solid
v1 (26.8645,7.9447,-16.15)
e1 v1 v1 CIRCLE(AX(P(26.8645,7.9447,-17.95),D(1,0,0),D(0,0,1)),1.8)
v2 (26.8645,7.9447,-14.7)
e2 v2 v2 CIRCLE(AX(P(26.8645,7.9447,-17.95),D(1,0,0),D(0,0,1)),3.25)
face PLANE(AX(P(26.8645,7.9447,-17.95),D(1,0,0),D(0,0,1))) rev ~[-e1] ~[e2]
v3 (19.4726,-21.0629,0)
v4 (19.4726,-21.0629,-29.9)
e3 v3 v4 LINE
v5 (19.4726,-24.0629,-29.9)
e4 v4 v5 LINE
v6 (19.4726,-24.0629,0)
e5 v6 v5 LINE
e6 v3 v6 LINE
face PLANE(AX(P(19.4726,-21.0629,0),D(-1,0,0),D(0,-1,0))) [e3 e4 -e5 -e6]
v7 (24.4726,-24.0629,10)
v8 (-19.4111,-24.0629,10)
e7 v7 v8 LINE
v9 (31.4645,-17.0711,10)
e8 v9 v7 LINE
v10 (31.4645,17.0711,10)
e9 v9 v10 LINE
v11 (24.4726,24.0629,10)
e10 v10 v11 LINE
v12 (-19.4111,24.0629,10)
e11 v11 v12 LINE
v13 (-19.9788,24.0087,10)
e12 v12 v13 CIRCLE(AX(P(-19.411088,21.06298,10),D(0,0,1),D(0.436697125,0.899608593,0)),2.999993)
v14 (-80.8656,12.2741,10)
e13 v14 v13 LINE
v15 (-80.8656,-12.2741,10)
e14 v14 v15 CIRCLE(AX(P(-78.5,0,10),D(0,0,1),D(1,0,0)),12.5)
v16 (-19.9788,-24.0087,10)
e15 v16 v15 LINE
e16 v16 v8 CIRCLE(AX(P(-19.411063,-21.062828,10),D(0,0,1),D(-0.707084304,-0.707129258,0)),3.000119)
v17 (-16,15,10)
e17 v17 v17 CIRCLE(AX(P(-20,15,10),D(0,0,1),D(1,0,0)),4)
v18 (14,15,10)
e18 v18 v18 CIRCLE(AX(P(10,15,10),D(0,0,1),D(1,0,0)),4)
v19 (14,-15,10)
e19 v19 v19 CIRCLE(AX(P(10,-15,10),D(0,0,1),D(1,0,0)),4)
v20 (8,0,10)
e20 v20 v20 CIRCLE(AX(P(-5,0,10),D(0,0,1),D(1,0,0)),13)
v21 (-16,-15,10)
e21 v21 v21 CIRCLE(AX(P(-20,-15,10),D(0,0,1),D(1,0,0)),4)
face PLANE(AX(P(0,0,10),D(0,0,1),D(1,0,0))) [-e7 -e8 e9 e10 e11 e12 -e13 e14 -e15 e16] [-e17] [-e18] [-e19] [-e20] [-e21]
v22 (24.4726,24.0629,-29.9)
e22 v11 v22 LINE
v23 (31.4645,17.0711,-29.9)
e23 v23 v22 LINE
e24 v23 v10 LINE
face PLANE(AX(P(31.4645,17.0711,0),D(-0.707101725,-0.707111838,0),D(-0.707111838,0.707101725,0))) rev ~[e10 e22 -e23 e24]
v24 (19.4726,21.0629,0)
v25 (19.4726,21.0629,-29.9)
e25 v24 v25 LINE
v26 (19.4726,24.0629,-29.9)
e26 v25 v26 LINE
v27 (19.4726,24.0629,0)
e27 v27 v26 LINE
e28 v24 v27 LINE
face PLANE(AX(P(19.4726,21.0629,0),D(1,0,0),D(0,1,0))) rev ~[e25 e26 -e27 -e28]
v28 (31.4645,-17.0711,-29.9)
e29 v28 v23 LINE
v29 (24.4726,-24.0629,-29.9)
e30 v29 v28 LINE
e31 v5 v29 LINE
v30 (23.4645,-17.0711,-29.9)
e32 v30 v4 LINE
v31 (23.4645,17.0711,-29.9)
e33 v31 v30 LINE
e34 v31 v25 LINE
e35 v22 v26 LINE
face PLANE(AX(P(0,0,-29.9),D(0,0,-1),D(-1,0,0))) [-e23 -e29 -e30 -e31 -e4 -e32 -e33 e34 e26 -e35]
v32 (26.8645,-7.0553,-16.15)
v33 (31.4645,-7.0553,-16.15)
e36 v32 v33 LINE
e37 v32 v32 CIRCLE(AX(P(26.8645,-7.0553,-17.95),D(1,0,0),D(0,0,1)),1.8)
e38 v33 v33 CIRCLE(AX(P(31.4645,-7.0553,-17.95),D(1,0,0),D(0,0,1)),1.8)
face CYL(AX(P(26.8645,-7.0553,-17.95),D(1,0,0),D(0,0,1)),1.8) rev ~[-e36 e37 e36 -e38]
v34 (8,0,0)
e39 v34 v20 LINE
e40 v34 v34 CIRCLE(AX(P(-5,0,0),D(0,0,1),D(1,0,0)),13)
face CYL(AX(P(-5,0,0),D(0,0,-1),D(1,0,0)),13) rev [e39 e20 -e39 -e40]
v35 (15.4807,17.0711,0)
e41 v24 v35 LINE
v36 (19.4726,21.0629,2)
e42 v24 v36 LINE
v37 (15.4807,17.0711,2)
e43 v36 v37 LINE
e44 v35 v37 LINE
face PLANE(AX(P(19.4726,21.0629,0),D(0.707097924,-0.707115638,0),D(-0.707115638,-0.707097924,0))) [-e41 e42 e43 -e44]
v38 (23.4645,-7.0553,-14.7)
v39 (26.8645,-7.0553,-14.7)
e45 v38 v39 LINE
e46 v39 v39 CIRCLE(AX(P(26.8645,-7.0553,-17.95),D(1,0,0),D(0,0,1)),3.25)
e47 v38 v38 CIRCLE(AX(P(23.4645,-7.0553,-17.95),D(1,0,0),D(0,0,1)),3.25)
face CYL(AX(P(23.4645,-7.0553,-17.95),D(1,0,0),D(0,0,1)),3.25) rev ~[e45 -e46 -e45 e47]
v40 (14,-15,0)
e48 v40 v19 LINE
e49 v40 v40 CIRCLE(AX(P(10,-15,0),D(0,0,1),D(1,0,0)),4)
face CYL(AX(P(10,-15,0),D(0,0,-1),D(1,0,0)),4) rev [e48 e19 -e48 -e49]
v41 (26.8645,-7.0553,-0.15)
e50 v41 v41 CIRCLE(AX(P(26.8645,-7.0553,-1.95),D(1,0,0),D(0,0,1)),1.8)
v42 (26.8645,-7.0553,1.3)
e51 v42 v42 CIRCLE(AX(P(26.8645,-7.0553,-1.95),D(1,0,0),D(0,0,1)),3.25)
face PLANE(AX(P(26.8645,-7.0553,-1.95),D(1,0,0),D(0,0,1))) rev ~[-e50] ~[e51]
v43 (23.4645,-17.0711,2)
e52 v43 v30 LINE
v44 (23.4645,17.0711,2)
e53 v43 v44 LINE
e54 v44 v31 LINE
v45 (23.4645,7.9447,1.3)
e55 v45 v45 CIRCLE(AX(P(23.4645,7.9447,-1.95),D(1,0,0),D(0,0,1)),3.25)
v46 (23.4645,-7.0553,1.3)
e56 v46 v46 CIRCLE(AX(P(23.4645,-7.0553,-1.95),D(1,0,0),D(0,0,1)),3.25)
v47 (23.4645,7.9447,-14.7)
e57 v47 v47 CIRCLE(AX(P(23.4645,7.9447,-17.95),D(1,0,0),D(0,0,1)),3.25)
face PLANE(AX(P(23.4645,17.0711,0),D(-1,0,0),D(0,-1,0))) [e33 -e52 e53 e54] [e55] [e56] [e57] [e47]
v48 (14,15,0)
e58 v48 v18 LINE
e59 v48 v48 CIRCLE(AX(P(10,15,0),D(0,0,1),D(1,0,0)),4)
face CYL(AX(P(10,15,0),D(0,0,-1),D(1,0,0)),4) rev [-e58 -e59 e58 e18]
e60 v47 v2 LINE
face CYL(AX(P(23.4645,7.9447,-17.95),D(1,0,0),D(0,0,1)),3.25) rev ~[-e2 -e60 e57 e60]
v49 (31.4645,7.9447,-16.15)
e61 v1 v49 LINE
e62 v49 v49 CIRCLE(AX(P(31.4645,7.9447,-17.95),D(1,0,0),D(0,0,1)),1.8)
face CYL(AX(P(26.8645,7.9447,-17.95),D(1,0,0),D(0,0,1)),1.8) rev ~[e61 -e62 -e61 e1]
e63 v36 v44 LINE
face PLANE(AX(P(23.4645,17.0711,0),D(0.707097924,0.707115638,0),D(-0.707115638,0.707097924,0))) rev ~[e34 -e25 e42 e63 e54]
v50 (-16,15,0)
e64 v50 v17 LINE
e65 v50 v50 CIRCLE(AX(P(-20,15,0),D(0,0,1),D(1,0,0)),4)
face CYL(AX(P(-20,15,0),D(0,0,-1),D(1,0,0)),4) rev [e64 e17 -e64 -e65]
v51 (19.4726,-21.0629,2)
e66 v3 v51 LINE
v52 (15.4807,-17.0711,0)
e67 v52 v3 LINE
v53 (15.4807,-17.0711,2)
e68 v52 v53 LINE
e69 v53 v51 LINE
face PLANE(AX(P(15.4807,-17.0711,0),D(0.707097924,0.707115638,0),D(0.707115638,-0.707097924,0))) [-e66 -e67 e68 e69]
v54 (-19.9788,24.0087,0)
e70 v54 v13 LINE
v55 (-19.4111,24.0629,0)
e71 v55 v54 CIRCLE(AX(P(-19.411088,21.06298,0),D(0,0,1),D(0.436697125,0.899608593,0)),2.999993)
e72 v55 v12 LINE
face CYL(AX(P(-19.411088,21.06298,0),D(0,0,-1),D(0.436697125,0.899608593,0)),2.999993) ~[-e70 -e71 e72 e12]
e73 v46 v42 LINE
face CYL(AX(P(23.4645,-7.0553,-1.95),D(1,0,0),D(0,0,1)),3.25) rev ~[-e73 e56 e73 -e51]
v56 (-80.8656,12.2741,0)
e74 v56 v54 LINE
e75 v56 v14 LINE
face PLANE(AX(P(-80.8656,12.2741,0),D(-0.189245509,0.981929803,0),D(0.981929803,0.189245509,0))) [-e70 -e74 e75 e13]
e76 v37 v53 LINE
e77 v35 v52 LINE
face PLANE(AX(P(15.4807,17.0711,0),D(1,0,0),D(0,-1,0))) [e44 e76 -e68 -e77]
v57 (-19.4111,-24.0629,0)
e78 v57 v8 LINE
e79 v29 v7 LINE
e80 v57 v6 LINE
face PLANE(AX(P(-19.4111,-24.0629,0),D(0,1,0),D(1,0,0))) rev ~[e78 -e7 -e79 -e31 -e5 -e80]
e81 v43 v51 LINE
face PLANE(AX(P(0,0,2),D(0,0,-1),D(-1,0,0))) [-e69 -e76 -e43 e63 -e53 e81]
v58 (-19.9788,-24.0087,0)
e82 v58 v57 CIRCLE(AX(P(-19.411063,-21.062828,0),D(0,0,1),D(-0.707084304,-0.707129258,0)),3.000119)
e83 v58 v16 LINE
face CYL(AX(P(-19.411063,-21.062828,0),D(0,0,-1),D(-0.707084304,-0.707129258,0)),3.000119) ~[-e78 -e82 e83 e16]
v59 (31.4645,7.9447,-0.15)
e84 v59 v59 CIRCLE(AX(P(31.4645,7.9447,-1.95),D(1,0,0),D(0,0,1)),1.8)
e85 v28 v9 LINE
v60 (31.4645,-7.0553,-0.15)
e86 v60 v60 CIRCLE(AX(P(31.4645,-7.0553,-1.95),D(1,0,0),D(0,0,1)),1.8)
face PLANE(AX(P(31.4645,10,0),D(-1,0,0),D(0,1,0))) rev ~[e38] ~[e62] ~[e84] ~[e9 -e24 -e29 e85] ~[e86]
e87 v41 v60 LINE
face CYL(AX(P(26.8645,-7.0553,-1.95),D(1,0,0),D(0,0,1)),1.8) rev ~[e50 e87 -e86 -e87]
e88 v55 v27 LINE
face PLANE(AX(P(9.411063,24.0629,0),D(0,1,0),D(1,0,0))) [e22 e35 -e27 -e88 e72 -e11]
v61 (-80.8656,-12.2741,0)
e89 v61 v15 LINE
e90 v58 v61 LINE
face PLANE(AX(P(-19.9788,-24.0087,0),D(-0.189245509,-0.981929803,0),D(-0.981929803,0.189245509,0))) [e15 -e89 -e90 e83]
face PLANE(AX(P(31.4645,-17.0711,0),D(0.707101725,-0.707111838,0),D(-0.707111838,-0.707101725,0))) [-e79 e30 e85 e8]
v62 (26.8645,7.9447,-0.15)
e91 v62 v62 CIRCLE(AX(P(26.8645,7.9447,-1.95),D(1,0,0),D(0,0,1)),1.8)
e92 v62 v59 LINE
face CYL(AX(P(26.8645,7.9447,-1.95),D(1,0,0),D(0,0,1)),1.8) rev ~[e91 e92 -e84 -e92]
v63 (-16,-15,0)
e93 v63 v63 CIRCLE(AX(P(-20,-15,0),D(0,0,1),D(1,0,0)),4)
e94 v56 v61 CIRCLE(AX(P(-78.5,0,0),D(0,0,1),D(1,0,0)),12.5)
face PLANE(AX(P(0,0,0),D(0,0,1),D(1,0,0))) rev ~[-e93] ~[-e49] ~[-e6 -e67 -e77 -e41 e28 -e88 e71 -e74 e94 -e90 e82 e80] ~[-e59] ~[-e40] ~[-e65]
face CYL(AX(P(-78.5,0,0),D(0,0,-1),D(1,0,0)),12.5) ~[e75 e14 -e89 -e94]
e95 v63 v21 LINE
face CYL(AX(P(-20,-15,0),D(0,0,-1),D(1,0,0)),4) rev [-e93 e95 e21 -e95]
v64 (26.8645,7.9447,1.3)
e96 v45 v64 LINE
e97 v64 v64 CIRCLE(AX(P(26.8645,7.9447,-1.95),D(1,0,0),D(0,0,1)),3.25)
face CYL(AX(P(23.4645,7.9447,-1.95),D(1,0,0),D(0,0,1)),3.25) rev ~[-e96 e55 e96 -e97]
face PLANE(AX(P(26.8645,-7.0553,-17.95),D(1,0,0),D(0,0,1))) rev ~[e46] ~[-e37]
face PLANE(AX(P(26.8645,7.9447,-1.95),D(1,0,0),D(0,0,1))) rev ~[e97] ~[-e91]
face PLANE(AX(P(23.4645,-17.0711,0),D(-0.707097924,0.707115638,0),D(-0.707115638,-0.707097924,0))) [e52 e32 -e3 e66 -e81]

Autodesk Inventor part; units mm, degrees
ref_plane "YZ Plane" through (0, 0, 0) normal (1, 0, 0) x (0, 1, 0)
ref_plane "XZ Plane" through (0, 0, 0) normal (0, 1, 0) x (-1, 0, 0)
ref_plane "XY Plane" through (0, 0, 0) normal (0, 0, 1) x (1, 0, 0)
sketch "Sketch1" plane through (0, 0, 0) normal (0, 0, 1) x (1, 0, 0)
  arc A0 (18.1843, -16.5324) -> (18.7618, -13.101) centre (16.0629, -14.4111) ccw projected
  arc A1 (18.7618, 13.101) -> (18.7618, -13.101) centre (45.75, 0) ccw projected
  arc A2 (18.7618, 13.101) -> (18.1843, 16.5324) centre (16.0629, 14.4111) ccw projected
  line L0 (11.5324, 23.1843) -> (18.1843, 16.5324) projected
  arc A3 (11.5324, 23.1843) -> (8.101, 23.7618) centre (9.4111, 21.0629) ccw projected
  arc A4 (-18.101, 23.7618) -> (8.101, 23.7618) centre (-5, 50.75) ccw projected
  arc A5 (-18.101, 23.7618) -> (-21.5324, 23.1843) centre (-19.4111, 21.0629) ccw projected
  line L1 (-28.1843, 16.5324) -> (-21.5324, 23.1843) projected
  arc A6 (-28.1843, 16.5324) -> (-28.7618, 13.101) centre (-26.0629, 14.4111) ccw projected
  arc A7 (-28.7618, -13.101) -> (-28.7618, 13.101) centre (-55.75, 0) ccw projected
  arc A8 (-28.7618, -13.101) -> (-28.1843, -16.5324) centre (-26.0629, -14.4111) ccw projected
  line L2 (-21.5324, -23.1843) -> (-28.1843, -16.5324) projected
  arc A9 (-21.5324, -23.1843) -> (-18.101, -23.7618) centre (-19.4111, -21.0629) ccw projected
  arc A10 (8.101, -23.7618) -> (-18.101, -23.7618) centre (-5, -50.75) ccw projected
  arc A11 (8.101, -23.7618) -> (11.5324, -23.1843) centre (9.4111, -21.0629) ccw projected
  line L3 (18.1843, -16.5324) -> (11.5324, -23.1843) projected
  circle A12 centre (10, -15) radius 4 projected
  circle A13 centre (-20, -15) radius 4 projected
  circle A14 centre (-20, 15) radius 4 projected
  circle A15 centre (10, 15) radius 4 projected
  circle A16 centre (-5, 0) radius 13 projected
  line L4 (39.4645, -4.5) -> (34.9645, -4.5) projected
  line L5 (34.9645, -4.5) -> (34.9645, 4.5) projected
  line L6 (34.9645, 4.5) -> (39.4645, 4.5) projected
  line L7 (39.4645, 4.5) -> (39.4645, 10) projected
  line L8 (39.4645, 10) -> (31.4645, 10) projected
  line L9 (31.4645, 10) -> (31.4645, -10) projected
  line L10 (31.4645, -10) -> (39.4645, -10) projected
  line L11 (39.4645, -10) -> (39.4645, -4.5) projected
  line L12 (31.4645, -10) -> (31.4645, -17.0711)
  line L13 (31.4645, -17.0711) -> (24.4726, -24.0629)
  line L14 (31.4645, 10) -> (31.4645, 17.0711)
  line L15 (-19.4111, -24.0629) -> (24.4726, -24.0629)
  line L16 (-19.4111, 24.0629) -> (24.4726, 24.0629)
  line L17 (31.4645, 17.0711) -> (24.4726, 24.0629)
  circle A17 centre (-78.5, 0) radius 12.5
  line L18 (-19.9788, -24.0087) -> (-80.8656, -12.2741)
  line L19 (-80.8656, 12.2741) -> (-19.9788, 24.0087)
  point P0 (0, 0)
  dimension "d0" = 45
  dimension "d1" = 5
  dimension "d4" = 78.5
  dimension "d5" = 25
extrude "Extrusion1" add sketch "Sketch1" along normal blind 10 contours L3 A11 A10 A9 L2 A8 A7 A6 L1 A5 A4 A3 L0 A2 A1 A0 | A0 A1 A2 L0 A3 L16 L17 L14 L9 L12 L13 L15 A11 L3 | L15 A9 A10 A11 | L18 A17 L19 A5 L1 A6 A7 A8 L2 A9 | A3 A4 A5 L16 | A17
sketch "Sketch2" plane through (0, 0, 0) normal (0, 0, -1) x (-1, 0, 0)
  line L0 (-24.4726, -24.0629) -> (-31.4645, -17.0711) projected
  line L1 (19.4111, -24.0629) -> (-24.4726, -24.0629) projected
  arc A0 (19.4111, -24.0629) -> (19.9788, -24.0087) centre (19.4111, -21.0629) ccw projected
  line L2 (80.8656, -12.2741) -> (19.9788, -24.0087) projected
  arc A1 (80.8656, -12.2741) -> (80.8656, 12.2741) centre (78.5, 0) ccw projected
  line L3 (19.9788, 24.0087) -> (80.8656, 12.2741) projected
  arc A2 (19.9788, 24.0087) -> (19.4111, 24.0629) centre (19.4111, 21.0629) ccw projected
  line L4 (-24.4726, 24.0629) -> (19.4111, 24.0629) projected
  line L5 (-31.4645, 17.0711) -> (-24.4726, 24.0629) projected
  line L6 (-31.4645, -17.0711) -> (-31.4645, 17.0711) projected
  circle A3 centre (-10, -15) radius 4 projected
  circle A4 centre (20, -15) radius 4 projected
  circle A5 centre (20, 15) radius 4 projected
  circle A6 centre (-10, 15) radius 4 projected
  circle A7 centre (5, 0) radius 13 projected
  line L7 (-31.4645, 17.0711) -> (-23.4645, 17.0711)
  line L8 (-23.4645, 17.0711) -> (-23.4645, -17.0711)
  line L9 (-24.4726, -24.0629) -> (-31.4645, -17.0711) projected
  line L10 (-23.4645, -17.0711) -> (-31.4645, -17.0711)
  line L11 (-23.4645, 17.0711) -> (-19.4726, 21.0629)
  line L12 (-19.4726, 21.0629) -> (-19.4726, 24.0629)
  line L13 (-23.4645, -17.0711) -> (-19.4726, -21.0629)
  line L14 (-19.4726, -21.0629) -> (-19.4726, -24.0629)
  line L15 (19.4111, -24.0629) -> (-24.4726, -24.0629) projected
  point P0 (0, 0)
  dimension "d6" = 8
  dimension "d9" = 3
extrude "Extrusion2" add sketch "Sketch2" along normal blind 29.9 contours L0 L10 L13 L14 L1 | L6 L7 L8 L10 | L5 L4 L12 L11 L7
sketch "Sketch3" plane through (23.4645, -17.0711, 0) normal (-1, 0, 0) x (0, 0, 1)
  line L0 (0, 34.1421) -> (0, 0) projected
  line L1 (0, 34.1421) -> (-29.9, 34.1421) projected
  line L2 (-29.9, 0) -> (-29.9, 34.1421) projected
  line L3 (0, 0) -> (-29.9, 0) projected
  point P0 (0, 17.0711)
  point P1 (-1.95, 25.0158)
  point P2 (-17.95, 25.0158)
  point P3 (-17.95, 10.0158)
  point P4 (-1.95, 10.0158)
  dimension "d10" = 15
  dimension "d11" = 16
  dimension "d12" = 11.95
hole "Hole1" at (23.4645, 7.9447, -1.95) at (23.4645, 7.9447, -17.95) at (23.4645, -7.0553, -17.95) at (23.4645, -7.0553, -1.95) direction (1, 0, 0) diameter 3.6 end through all counterbore diameter 6.5 counterbore depth 3.4 clearance for "Socket Head Cap Screw DIN EN ISO 4762" size "M3" standard "DIN"
sketch "Sketch4" plane through (0, 0, 0) normal (0, 0, -1) x (-1, 0, 0)
  circle A0 centre (5, 0) radius 13 projected
  circle A1 centre (-10, 15) radius 4 projected
  circle A2 centre (20, 15) radius 4 projected
  circle A3 centre (20, -15) radius 4 projected
  circle A4 centre (-10, -15) radius 4 projected
  line L0 (-19.4726, 24.0629) -> (-19.4726, 21.0629) projected
  line L1 (-19.4726, 21.0629) -> (-23.4645, 17.0711) projected
  line L2 (-23.4645, 17.0711) -> (-23.4645, 10.5447) projected
  line L3 (-23.4645, 10.5447) -> (-23.4645, 5.3447) projected
  line L4 (-23.4645, 5.3447) -> (-23.4645, -4.4553) projected
  line L5 (-23.4645, -4.4553) -> (-23.4645, -9.6553) projected
  line L6 (-23.4645, -9.6553) -> (-23.4645, -17.0711) projected
  line L7 (-23.4645, -17.0711) -> (-19.4726, -21.0629) projected
  line L8 (-19.4726, -21.0629) -> (-19.4726, -24.0629) projected
  line L9 (19.4111, -24.0629) -> (-19.4726, -24.0629) projected
  arc A5 (19.4111, -24.0629) -> (19.9788, -24.0087) centre (19.4111, -21.0629) ccw projected
  line L10 (80.8656, -12.2741) -> (19.9788, -24.0087) projected
  arc A6 (80.8656, -12.2741) -> (80.8656, 12.2741) centre (78.5, 0) ccw projected
  line L11 (19.9788, 24.0087) -> (80.8656, 12.2741) projected
  arc A7 (19.9788, 24.0087) -> (19.4111, 24.0629) centre (19.4111, 21.0629) ccw projected
  line L12 (-19.4726, 24.0629) -> (19.4111, 24.0629) projected
  line L13 (-19.4726, 21.0629) -> (-15.4807, 17.0711)
  line L14 (-15.4807, 17.0711) -> (-15.4807, -17.0711)
  line L15 (-15.4807, -17.0711) -> (-19.4726, -21.0629)
  line L16 (-23.4645, 17.0711) -> (-19.4726, 21.0629) projected
  point P0 (0, 0)
extrude "Extrusion3" cut sketch "Sketch4" against normal blind 2 contours L13 L14 L15 L7 L6 L5 L4 L3 L2 L1
properties part number "Corner Z Axis Carriage" material "ABS Plastic"
